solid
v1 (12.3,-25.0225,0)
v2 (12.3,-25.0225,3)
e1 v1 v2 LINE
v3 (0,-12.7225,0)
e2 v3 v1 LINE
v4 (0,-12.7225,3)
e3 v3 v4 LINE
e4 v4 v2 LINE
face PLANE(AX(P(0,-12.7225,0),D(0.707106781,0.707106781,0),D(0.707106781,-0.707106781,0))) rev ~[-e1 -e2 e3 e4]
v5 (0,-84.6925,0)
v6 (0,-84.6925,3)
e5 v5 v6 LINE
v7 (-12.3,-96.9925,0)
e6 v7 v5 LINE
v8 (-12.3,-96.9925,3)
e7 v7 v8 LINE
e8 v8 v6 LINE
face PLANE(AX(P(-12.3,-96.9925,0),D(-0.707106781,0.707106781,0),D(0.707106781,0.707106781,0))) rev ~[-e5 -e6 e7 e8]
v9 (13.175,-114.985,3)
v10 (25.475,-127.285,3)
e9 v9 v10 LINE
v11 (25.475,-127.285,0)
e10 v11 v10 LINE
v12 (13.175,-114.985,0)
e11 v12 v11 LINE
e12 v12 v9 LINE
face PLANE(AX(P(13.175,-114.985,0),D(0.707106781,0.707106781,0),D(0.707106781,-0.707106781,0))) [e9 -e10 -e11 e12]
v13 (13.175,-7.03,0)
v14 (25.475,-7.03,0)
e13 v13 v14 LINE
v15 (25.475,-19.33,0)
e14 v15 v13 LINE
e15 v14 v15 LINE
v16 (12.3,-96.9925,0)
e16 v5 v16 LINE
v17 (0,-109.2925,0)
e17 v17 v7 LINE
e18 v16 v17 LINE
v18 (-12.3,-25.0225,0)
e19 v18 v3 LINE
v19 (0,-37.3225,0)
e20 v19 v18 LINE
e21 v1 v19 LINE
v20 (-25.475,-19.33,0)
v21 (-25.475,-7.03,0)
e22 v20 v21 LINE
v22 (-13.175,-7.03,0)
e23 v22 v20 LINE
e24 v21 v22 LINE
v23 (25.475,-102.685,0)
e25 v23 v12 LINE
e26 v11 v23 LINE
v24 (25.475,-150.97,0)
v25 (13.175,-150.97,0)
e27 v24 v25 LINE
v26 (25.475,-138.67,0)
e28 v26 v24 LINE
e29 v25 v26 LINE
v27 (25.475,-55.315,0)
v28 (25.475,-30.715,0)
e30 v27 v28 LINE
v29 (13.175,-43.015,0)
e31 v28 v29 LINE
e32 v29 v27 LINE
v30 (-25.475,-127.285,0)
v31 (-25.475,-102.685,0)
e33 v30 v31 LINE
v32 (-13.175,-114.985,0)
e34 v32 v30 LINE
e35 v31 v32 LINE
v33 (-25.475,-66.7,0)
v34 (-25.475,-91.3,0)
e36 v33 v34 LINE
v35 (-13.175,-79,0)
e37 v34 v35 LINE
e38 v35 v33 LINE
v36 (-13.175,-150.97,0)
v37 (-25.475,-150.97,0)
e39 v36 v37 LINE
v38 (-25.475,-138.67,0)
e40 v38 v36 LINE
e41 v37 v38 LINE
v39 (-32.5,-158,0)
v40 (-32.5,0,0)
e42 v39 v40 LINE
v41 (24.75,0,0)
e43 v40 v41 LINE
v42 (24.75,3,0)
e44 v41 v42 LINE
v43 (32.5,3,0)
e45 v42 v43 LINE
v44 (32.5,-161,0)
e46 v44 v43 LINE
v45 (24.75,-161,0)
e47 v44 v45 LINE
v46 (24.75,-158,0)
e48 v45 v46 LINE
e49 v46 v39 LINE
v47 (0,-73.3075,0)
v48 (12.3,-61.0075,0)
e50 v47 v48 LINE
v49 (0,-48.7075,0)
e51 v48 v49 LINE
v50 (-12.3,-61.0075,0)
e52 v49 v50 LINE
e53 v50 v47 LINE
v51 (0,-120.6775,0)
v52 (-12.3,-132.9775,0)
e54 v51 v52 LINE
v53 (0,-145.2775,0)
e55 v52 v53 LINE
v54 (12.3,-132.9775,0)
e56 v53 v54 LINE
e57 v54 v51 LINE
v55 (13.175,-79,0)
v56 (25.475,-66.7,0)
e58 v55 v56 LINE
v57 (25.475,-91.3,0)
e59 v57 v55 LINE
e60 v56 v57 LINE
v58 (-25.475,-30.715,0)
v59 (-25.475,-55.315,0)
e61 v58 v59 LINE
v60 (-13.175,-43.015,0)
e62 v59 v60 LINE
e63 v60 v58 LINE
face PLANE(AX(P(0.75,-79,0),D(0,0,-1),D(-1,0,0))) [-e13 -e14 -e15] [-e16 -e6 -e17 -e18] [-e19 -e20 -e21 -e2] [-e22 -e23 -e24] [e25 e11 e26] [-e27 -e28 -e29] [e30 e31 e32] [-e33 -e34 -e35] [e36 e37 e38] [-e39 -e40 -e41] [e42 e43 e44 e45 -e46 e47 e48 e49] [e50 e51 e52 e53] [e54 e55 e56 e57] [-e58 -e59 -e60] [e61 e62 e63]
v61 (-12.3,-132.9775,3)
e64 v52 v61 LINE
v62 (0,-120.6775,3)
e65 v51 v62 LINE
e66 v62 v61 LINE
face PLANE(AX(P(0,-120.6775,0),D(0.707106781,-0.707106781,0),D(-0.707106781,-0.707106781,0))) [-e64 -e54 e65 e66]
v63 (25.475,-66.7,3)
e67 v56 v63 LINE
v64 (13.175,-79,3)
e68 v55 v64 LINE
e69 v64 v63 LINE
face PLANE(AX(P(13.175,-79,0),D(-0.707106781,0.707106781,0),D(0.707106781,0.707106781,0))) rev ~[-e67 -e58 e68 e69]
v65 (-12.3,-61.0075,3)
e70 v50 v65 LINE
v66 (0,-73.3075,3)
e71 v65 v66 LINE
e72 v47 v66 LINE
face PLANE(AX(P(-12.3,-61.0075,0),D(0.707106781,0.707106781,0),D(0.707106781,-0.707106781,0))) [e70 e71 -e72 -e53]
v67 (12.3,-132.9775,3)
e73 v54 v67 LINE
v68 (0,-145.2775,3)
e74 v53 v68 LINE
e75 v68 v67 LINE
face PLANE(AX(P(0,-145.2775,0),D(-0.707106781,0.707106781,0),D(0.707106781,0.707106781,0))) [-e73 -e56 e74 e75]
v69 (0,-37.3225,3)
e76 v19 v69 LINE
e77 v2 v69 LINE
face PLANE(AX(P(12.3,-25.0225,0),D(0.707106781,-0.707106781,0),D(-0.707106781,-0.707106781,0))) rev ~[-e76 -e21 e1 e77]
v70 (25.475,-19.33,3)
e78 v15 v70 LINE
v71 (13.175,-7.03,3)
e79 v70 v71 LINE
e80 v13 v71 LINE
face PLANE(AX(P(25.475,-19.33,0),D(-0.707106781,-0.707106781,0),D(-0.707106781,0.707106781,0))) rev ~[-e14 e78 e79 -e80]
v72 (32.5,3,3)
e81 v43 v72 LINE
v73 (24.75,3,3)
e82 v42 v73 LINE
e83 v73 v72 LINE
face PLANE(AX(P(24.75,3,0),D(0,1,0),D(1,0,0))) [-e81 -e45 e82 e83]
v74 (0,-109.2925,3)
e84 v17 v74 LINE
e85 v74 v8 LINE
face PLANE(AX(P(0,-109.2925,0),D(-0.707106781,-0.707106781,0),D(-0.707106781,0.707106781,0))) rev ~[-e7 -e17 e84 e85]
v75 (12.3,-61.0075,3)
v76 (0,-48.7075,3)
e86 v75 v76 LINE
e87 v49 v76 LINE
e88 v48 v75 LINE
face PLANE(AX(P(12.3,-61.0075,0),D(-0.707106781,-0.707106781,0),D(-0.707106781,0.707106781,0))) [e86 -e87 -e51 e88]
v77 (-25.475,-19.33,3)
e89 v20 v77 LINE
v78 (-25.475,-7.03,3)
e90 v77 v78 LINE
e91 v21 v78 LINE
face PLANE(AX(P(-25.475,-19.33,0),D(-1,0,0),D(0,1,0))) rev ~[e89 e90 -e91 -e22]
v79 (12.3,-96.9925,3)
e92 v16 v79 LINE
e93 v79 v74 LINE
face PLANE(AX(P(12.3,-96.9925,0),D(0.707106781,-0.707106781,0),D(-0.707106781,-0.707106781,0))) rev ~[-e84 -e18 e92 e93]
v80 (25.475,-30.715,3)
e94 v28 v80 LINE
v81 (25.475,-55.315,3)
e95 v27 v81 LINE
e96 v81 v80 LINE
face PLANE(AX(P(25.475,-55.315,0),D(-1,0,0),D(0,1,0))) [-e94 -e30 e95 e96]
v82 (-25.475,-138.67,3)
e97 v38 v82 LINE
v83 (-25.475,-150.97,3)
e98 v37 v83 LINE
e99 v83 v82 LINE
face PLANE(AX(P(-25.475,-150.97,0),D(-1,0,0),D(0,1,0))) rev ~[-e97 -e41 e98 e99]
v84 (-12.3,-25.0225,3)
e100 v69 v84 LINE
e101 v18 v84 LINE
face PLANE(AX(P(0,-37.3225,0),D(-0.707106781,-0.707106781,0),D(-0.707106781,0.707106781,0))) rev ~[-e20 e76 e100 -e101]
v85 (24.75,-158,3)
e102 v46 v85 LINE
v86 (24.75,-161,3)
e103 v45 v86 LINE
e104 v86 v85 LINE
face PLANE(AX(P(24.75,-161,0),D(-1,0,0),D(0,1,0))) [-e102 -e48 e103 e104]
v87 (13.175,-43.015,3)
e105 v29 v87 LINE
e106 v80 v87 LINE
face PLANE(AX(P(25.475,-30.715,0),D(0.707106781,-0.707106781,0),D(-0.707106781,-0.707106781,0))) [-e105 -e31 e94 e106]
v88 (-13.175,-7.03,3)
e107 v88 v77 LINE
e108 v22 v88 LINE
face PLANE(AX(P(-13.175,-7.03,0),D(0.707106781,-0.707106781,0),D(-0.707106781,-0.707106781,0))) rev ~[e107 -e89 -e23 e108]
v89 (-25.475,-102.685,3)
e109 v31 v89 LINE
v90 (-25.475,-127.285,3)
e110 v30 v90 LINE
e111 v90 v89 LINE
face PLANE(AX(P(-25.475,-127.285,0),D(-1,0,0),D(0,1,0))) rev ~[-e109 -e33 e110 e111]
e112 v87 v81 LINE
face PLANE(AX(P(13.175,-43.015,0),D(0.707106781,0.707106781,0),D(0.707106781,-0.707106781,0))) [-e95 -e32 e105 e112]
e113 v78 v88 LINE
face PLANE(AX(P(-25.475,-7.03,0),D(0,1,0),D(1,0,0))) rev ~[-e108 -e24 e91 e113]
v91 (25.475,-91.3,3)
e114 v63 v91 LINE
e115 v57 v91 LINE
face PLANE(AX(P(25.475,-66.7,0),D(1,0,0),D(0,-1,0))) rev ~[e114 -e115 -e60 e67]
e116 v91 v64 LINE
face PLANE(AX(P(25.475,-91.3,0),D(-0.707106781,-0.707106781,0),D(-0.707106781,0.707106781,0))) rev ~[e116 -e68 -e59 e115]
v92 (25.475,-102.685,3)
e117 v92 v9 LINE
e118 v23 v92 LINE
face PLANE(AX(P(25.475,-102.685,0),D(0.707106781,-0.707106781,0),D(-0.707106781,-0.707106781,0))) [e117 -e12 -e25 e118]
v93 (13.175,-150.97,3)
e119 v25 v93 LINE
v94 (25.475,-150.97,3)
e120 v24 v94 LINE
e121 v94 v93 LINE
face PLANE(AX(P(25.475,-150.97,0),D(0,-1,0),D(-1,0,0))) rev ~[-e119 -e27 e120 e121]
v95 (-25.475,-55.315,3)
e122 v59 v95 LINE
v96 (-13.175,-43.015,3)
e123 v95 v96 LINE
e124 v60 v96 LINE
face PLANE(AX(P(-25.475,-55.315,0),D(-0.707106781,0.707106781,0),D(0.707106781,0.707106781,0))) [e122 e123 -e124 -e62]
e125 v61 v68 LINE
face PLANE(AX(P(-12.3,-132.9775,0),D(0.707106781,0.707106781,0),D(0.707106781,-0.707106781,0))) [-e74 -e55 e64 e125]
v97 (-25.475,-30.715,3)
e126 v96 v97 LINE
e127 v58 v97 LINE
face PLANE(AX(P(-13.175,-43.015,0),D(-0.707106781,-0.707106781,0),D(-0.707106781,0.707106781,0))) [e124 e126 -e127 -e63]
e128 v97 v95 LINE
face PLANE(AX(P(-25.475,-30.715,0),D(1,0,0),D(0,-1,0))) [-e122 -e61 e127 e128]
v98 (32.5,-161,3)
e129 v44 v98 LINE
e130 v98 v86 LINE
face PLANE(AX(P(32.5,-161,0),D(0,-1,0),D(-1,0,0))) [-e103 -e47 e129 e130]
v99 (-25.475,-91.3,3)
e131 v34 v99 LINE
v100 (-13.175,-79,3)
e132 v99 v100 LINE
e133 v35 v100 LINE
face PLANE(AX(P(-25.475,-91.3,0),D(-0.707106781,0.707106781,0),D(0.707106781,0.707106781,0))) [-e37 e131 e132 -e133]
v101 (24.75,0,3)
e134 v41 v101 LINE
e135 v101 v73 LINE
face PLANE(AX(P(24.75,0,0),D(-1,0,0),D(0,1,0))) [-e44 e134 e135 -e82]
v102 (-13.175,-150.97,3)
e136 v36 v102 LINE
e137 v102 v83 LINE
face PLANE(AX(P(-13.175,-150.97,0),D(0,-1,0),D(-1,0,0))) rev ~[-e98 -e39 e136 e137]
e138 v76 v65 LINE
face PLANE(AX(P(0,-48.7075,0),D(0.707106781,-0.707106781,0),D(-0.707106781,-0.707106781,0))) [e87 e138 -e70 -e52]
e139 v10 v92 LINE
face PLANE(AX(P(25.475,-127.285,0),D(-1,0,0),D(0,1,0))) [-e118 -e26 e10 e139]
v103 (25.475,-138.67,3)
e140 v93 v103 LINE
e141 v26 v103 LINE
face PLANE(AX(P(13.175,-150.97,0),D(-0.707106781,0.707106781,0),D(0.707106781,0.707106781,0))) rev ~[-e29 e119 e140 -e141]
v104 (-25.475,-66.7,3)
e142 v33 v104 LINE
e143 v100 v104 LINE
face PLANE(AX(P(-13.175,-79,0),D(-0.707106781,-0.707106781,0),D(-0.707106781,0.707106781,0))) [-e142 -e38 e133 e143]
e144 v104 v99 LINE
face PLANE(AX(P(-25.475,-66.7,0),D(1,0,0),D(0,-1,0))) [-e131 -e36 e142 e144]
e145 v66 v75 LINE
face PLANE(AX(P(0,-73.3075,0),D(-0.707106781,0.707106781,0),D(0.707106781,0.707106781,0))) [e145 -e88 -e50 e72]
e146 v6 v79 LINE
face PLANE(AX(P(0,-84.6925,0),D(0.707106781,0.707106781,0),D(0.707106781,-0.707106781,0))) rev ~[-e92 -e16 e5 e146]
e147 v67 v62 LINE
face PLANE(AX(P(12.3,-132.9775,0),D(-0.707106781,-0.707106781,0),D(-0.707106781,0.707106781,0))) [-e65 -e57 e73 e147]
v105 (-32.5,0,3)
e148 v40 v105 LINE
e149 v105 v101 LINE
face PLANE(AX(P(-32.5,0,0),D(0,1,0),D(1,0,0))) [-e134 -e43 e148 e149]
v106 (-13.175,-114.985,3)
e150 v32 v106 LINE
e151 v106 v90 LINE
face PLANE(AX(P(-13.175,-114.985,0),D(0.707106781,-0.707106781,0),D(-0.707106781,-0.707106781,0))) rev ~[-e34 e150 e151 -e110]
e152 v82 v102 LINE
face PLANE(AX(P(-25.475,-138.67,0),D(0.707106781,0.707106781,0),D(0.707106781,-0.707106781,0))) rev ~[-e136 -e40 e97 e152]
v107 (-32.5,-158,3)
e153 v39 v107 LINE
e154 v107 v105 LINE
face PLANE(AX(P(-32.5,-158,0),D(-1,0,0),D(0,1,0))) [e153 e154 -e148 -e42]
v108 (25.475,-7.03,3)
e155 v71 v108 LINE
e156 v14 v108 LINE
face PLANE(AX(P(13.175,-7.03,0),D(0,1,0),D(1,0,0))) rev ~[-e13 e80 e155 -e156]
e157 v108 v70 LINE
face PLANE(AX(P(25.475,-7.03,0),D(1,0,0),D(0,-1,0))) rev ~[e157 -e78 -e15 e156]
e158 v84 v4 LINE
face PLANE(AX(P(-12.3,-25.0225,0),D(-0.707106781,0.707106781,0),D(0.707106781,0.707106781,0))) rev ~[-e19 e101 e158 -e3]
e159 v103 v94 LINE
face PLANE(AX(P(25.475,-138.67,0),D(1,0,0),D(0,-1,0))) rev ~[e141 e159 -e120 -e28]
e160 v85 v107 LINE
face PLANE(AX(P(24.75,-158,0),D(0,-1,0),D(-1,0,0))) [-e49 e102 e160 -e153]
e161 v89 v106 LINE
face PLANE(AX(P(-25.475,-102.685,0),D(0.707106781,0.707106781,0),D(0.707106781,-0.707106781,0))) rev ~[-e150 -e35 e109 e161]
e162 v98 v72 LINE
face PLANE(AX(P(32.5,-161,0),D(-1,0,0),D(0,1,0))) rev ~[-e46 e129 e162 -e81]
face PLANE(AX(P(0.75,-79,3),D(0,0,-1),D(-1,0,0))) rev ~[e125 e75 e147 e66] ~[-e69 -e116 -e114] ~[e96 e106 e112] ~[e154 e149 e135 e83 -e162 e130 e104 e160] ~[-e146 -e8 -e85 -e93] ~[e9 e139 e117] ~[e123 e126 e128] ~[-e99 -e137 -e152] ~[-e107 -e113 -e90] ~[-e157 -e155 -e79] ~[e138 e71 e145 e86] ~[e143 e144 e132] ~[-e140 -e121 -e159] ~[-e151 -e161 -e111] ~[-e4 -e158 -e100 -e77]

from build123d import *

# Parameters (mm, degrees)
SALIENTE_EXTRUIR1_DEPTH = 3


with BuildPart() as part:
    # Croquis1 → Saliente-Extruir1 (new body)
    with BuildSketch(Plane.XY):
        Polygon((-32.5, 0), (24.75, 0), (24.75, 3), (32.5, 3), (32.5, 0), (32.5, -158), (32.5, -161), (24.75, -161), (24.75, -158), (-32.5, -158), align=None)
        Polygon((-13.175, -7.03), (-25.475, -19.33), (-25.475, -7.03), align=None, mode=Mode.SUBTRACT)
        Polygon((13.175, -7.03), (25.475, -7.03), (25.475, -19.33), align=None, mode=Mode.SUBTRACT)
        Polygon((13.175, -79), (25.475, -66.7), (25.475, -91.3), align=None, mode=Mode.SUBTRACT)
        Polygon((13.175, -150.97), (25.475, -138.67), (25.475, -150.97), align=None, mode=Mode.SUBTRACT)
        Polygon((-13.175, -79), (-25.475, -66.7), (-25.475, -91.3), align=None, mode=Mode.SUBTRACT)
        Polygon((13.175, -43.015), (25.475, -55.315), (25.475, -30.715), align=None, mode=Mode.SUBTRACT)
        Polygon((-13.175, -43.015), (-25.475, -30.715), (-25.475, -55.315), align=None, mode=Mode.SUBTRACT)
        Polygon((0, -48.7075), (-12.3, -61.0075), (0, -73.3075), (12.3, -61.0075), align=None, mode=Mode.SUBTRACT)
        Polygon((0, -12.7225), (12.3, -25.0225), (0, -37.3225), (-12.3, -25.0225), align=None, mode=Mode.SUBTRACT)
        Polygon((-13.175, -150.97), (-25.475, -150.97), (-25.475, -138.67), align=None, mode=Mode.SUBTRACT)
        Polygon((-13.175, -114.985), (-25.475, -127.285), (-25.475, -102.685), align=None, mode=Mode.SUBTRACT)
        Polygon((-12.3, -132.9775), (0, -145.2775), (12.3, -132.9775), (0, -120.6775), align=None, mode=Mode.SUBTRACT)
        Polygon((13.175, -114.985), (25.475, -127.285), (25.475, -102.685), align=None, mode=Mode.SUBTRACT)
        Polygon((0, -84.6925), (12.3, -96.9925), (0, -109.2925), (-12.3, -96.9925), align=None, mode=Mode.SUBTRACT)
    extrude(amount=SALIENTE_EXTRUIR1_DEPTH)


solid = part.part
